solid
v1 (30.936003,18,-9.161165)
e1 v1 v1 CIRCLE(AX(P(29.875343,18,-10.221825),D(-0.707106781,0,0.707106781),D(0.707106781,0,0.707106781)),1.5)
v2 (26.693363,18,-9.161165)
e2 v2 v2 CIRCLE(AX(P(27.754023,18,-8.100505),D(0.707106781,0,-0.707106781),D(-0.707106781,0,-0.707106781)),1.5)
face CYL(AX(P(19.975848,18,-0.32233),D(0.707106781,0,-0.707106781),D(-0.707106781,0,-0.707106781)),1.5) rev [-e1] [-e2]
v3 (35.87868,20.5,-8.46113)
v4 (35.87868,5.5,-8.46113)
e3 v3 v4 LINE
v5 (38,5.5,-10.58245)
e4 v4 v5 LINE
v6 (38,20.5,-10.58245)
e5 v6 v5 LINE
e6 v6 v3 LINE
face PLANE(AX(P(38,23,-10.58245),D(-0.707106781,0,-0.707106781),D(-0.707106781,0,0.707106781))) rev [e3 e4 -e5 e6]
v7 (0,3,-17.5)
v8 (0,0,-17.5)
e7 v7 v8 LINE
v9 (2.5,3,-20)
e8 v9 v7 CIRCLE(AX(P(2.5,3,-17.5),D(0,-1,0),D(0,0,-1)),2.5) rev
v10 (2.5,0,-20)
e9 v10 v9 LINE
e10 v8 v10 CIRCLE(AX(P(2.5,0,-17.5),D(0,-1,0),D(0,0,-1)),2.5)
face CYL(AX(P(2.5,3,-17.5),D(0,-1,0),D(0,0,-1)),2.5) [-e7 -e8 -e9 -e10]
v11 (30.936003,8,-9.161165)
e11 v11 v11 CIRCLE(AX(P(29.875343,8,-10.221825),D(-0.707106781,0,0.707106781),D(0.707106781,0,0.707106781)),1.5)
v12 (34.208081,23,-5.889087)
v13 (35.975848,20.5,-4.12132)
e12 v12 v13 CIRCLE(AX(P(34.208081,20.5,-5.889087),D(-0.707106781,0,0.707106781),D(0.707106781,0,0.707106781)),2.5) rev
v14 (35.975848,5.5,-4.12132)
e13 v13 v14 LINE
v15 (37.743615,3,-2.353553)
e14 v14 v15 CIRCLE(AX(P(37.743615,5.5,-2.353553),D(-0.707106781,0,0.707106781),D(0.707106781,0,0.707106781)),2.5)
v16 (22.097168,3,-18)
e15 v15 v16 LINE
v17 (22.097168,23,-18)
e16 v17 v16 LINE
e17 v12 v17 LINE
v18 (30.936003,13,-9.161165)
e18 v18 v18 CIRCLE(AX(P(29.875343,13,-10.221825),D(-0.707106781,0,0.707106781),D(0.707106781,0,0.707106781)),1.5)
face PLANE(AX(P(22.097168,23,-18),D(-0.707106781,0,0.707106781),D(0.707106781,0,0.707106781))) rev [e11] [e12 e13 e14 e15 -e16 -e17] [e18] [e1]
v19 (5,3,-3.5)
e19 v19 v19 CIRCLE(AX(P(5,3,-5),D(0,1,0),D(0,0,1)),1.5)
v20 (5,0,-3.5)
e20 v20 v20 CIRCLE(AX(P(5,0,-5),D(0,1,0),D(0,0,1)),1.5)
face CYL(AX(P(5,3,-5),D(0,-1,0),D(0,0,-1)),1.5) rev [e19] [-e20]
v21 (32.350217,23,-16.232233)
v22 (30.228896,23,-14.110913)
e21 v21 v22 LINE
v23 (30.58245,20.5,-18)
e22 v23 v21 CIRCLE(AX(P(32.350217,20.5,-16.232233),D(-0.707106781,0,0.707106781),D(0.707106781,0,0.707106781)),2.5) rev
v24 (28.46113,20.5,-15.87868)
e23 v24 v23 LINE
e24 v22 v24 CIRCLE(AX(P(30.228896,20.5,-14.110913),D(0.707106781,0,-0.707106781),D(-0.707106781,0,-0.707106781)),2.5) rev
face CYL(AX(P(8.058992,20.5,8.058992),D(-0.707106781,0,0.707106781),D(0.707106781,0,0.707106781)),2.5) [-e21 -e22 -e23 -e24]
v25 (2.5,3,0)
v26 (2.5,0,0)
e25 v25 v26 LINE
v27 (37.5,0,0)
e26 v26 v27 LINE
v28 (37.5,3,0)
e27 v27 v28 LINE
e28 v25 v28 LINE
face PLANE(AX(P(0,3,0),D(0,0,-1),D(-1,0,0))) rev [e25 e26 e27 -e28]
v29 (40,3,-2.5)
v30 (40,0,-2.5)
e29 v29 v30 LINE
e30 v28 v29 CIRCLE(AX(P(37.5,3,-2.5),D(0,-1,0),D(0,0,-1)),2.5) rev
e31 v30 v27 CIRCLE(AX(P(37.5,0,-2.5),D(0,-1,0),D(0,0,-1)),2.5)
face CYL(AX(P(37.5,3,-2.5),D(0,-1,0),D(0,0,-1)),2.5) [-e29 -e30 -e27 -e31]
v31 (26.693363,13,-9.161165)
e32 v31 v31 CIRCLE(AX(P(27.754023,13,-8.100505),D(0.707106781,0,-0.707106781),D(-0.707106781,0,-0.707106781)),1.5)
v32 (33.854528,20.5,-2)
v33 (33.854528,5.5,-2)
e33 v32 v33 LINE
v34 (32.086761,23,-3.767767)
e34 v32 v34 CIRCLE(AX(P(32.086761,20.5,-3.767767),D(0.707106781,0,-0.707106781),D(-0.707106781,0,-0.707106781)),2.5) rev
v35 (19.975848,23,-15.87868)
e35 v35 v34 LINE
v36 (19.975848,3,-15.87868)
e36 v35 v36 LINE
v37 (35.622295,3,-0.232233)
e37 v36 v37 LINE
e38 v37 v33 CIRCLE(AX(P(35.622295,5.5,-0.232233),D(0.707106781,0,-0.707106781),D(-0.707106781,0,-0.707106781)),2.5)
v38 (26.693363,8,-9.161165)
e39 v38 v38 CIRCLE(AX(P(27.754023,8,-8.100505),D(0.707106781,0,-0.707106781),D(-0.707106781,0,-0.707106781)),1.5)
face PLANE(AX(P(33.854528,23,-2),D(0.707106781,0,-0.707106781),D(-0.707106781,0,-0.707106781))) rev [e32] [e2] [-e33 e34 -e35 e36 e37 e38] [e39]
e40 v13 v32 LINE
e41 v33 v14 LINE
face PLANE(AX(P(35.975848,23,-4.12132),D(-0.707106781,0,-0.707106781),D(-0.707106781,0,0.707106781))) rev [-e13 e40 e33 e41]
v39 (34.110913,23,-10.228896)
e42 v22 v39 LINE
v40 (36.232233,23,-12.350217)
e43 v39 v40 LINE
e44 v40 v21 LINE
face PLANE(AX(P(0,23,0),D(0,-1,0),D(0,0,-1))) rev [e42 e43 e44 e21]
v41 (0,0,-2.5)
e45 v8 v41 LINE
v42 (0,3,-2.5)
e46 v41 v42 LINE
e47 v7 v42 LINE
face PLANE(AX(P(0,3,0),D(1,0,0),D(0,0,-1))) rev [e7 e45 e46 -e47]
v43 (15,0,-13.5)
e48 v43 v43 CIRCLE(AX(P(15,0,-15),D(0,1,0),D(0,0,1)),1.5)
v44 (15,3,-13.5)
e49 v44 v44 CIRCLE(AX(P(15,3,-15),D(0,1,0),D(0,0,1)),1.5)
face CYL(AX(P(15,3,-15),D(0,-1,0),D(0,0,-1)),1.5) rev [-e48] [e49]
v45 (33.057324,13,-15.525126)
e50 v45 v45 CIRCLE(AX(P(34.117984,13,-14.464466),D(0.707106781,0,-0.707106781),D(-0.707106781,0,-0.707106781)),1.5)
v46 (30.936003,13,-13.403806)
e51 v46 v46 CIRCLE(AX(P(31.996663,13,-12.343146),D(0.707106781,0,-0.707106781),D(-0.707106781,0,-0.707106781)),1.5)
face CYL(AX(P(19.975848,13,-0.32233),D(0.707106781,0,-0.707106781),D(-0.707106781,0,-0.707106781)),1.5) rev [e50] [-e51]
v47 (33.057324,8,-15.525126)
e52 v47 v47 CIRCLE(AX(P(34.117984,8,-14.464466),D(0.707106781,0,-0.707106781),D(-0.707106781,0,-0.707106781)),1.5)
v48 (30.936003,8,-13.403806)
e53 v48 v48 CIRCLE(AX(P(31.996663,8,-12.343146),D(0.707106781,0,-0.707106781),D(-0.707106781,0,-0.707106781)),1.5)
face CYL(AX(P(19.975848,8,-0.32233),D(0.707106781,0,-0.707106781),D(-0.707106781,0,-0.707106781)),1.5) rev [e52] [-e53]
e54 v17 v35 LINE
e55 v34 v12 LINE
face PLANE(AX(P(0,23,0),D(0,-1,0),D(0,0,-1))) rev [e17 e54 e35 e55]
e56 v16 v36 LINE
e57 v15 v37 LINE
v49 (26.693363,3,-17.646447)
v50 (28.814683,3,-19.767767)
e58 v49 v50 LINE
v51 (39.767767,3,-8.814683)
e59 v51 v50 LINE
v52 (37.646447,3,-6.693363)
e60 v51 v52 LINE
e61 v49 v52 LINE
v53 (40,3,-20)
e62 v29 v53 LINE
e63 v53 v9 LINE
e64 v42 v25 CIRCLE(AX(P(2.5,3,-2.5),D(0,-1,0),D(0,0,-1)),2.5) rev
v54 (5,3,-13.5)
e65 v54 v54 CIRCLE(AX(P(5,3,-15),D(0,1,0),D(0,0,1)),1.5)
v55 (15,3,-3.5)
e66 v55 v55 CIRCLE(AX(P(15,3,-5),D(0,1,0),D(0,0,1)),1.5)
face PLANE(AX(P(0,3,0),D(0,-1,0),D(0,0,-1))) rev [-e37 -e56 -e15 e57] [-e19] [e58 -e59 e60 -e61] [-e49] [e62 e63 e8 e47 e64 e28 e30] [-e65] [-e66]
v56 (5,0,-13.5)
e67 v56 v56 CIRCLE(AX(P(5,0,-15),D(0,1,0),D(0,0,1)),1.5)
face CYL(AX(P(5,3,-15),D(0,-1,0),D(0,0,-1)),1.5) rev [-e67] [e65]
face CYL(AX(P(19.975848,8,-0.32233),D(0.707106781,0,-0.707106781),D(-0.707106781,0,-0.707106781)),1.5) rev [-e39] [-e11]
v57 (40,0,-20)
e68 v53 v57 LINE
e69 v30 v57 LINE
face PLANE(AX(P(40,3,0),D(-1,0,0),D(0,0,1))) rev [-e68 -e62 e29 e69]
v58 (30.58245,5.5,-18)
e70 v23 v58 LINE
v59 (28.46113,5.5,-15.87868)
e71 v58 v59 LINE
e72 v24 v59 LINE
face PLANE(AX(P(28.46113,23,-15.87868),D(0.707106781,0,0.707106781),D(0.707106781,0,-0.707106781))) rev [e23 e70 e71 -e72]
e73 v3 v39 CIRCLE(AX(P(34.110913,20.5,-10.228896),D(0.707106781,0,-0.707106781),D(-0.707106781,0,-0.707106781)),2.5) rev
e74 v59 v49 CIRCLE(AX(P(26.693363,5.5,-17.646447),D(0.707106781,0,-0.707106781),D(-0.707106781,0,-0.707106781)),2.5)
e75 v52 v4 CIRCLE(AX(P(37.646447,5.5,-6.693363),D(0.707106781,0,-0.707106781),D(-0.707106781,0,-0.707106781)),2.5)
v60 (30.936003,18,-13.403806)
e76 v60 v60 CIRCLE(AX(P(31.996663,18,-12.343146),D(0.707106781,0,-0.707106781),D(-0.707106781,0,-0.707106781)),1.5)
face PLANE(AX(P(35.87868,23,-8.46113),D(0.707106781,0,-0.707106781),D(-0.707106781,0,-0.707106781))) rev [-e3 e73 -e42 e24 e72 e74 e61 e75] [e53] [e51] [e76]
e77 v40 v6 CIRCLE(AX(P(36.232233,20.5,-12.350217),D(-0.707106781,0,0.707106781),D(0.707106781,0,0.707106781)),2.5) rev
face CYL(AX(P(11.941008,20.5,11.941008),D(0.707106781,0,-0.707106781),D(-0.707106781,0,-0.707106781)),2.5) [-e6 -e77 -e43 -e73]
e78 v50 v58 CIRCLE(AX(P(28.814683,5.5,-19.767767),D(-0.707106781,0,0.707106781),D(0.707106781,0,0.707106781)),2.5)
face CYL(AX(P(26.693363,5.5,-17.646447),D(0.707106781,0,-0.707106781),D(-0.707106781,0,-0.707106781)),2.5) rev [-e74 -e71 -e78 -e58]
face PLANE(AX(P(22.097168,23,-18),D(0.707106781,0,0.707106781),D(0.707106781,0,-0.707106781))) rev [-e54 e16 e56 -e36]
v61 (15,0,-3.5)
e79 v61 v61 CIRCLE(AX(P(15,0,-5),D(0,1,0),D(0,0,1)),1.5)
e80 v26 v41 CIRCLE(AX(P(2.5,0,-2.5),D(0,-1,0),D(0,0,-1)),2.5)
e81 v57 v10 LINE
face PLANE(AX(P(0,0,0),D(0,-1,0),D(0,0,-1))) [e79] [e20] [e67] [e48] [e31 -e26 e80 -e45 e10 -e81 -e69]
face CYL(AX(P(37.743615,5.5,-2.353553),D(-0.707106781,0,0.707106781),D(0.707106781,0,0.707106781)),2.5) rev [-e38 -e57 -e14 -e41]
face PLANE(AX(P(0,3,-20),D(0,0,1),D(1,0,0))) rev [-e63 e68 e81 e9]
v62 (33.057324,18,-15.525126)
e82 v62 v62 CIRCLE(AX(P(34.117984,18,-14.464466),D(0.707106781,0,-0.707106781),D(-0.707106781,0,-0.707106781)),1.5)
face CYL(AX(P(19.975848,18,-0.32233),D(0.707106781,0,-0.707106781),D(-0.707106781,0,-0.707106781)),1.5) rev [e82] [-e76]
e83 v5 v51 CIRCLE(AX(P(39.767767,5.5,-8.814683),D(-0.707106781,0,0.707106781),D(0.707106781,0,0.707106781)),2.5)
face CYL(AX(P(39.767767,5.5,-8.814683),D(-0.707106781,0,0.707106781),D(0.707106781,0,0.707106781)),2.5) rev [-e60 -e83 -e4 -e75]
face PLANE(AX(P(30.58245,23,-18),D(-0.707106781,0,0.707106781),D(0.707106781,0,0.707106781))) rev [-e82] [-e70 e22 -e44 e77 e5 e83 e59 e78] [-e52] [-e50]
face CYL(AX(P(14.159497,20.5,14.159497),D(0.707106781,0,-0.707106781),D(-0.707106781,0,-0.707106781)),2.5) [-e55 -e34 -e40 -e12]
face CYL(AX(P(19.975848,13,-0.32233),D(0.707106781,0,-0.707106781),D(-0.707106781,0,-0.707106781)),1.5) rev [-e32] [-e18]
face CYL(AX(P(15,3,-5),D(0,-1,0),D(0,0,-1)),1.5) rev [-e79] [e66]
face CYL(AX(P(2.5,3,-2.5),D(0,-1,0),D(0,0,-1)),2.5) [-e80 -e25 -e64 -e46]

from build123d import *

# Parameters (mm, degrees)
SKETCH2_W           = 40
SKETCH2_H           = 20
SKETCH2_R           = 1.5
BOSS_EXTRUDE1_DEPTH = 3
BOSS_EXTRUDE2_DEPTH = 20
SKETCH4_R           = 1.5
CUT_EXTRUDE1_DEPTH  = 20
FILLET2_R           = 2.5


with BuildPart() as part:
    # Sketch2 → Boss-Extrude1 (new body)
    with BuildSketch(Plane(origin=(0, 0, 0), x_dir=(1, 0, 0), z_dir=(0, 1, 0))):
        with Locations((20, 10)):
            Rectangle(SKETCH2_W, SKETCH2_H)
        with Locations(Location((5, 5, 0), (0, 0, 270))):
            Circle(SKETCH2_R, mode=Mode.SUBTRACT)
        with Locations(Location((15, 5, 0), (0, 0, 270))):
            Circle(SKETCH2_R, mode=Mode.SUBTRACT)
        with Locations(Location((15, 15, 0), (0, 0, 270))):
            Circle(SKETCH2_R, mode=Mode.SUBTRACT)
        with Locations(Location((5, 15, 0), (0, 0, 270))):
            Circle(SKETCH2_R, mode=Mode.SUBTRACT)
    extrude(amount=BOSS_EXTRUDE1_DEPTH)

    # Sketch3 → Boss-Extrude2 (add)
    with BuildSketch(Plane(origin=(0, 3, 0), x_dir=(1, 0, 0), z_dir=(0, 1, 0))):
        Polygon((22.097168491, 18), (35.975848148, 4.121320344), (33.854527804, 2), (19.975848148, 15.878679656), align=None)
        Polygon((35.878679656, 8.461129522), (28.461129522, 15.878679656), (30.582449865, 18), (38, 10.582449865), align=None)
    extrude(amount=BOSS_EXTRUDE2_DEPTH)

    # Sketch4 → Cut-Extrude1 (cut)
    with BuildSketch(Plane(origin=(24.291224933, 0, -24.291224933), x_dir=(-0.7071067811865372, 0, -0.7071067811865579), z_dir=(0.7071067811865579, 0, -0.7071067811865372))):
        with Locations((-13.897135624, 18)):
            Circle(SKETCH4_R)
        with Locations((-13.897135624, 13)):
            Circle(SKETCH4_R)
        with Locations((-13.897135624, 8)):
            Circle(SKETCH4_R)
    extrude(amount=-CUT_EXTRUDE1_DEPTH, mode=Mode.SUBTRACT)

    # Fillet2
    fillet2_edges = [part.edges().sort_by_distance(p)[0] for p in [
        (34.915187976, 3, -3.060660172),
        (34.915187976, 23, -3.060660172),
        (36.939339828, 3, -9.521789694),
        (29.521789694, 3, -16.939339828),
        (36.939339828, 23, -9.521789694),
        (29.521789694, 23, -16.939339828),
        (0, 1.5, -20),
        (40, 1.5, 0),
        (0, 1.5, 0),
    ]]
    fillet(fillet2_edges, radius=FILLET2_R)


solid = part.part
